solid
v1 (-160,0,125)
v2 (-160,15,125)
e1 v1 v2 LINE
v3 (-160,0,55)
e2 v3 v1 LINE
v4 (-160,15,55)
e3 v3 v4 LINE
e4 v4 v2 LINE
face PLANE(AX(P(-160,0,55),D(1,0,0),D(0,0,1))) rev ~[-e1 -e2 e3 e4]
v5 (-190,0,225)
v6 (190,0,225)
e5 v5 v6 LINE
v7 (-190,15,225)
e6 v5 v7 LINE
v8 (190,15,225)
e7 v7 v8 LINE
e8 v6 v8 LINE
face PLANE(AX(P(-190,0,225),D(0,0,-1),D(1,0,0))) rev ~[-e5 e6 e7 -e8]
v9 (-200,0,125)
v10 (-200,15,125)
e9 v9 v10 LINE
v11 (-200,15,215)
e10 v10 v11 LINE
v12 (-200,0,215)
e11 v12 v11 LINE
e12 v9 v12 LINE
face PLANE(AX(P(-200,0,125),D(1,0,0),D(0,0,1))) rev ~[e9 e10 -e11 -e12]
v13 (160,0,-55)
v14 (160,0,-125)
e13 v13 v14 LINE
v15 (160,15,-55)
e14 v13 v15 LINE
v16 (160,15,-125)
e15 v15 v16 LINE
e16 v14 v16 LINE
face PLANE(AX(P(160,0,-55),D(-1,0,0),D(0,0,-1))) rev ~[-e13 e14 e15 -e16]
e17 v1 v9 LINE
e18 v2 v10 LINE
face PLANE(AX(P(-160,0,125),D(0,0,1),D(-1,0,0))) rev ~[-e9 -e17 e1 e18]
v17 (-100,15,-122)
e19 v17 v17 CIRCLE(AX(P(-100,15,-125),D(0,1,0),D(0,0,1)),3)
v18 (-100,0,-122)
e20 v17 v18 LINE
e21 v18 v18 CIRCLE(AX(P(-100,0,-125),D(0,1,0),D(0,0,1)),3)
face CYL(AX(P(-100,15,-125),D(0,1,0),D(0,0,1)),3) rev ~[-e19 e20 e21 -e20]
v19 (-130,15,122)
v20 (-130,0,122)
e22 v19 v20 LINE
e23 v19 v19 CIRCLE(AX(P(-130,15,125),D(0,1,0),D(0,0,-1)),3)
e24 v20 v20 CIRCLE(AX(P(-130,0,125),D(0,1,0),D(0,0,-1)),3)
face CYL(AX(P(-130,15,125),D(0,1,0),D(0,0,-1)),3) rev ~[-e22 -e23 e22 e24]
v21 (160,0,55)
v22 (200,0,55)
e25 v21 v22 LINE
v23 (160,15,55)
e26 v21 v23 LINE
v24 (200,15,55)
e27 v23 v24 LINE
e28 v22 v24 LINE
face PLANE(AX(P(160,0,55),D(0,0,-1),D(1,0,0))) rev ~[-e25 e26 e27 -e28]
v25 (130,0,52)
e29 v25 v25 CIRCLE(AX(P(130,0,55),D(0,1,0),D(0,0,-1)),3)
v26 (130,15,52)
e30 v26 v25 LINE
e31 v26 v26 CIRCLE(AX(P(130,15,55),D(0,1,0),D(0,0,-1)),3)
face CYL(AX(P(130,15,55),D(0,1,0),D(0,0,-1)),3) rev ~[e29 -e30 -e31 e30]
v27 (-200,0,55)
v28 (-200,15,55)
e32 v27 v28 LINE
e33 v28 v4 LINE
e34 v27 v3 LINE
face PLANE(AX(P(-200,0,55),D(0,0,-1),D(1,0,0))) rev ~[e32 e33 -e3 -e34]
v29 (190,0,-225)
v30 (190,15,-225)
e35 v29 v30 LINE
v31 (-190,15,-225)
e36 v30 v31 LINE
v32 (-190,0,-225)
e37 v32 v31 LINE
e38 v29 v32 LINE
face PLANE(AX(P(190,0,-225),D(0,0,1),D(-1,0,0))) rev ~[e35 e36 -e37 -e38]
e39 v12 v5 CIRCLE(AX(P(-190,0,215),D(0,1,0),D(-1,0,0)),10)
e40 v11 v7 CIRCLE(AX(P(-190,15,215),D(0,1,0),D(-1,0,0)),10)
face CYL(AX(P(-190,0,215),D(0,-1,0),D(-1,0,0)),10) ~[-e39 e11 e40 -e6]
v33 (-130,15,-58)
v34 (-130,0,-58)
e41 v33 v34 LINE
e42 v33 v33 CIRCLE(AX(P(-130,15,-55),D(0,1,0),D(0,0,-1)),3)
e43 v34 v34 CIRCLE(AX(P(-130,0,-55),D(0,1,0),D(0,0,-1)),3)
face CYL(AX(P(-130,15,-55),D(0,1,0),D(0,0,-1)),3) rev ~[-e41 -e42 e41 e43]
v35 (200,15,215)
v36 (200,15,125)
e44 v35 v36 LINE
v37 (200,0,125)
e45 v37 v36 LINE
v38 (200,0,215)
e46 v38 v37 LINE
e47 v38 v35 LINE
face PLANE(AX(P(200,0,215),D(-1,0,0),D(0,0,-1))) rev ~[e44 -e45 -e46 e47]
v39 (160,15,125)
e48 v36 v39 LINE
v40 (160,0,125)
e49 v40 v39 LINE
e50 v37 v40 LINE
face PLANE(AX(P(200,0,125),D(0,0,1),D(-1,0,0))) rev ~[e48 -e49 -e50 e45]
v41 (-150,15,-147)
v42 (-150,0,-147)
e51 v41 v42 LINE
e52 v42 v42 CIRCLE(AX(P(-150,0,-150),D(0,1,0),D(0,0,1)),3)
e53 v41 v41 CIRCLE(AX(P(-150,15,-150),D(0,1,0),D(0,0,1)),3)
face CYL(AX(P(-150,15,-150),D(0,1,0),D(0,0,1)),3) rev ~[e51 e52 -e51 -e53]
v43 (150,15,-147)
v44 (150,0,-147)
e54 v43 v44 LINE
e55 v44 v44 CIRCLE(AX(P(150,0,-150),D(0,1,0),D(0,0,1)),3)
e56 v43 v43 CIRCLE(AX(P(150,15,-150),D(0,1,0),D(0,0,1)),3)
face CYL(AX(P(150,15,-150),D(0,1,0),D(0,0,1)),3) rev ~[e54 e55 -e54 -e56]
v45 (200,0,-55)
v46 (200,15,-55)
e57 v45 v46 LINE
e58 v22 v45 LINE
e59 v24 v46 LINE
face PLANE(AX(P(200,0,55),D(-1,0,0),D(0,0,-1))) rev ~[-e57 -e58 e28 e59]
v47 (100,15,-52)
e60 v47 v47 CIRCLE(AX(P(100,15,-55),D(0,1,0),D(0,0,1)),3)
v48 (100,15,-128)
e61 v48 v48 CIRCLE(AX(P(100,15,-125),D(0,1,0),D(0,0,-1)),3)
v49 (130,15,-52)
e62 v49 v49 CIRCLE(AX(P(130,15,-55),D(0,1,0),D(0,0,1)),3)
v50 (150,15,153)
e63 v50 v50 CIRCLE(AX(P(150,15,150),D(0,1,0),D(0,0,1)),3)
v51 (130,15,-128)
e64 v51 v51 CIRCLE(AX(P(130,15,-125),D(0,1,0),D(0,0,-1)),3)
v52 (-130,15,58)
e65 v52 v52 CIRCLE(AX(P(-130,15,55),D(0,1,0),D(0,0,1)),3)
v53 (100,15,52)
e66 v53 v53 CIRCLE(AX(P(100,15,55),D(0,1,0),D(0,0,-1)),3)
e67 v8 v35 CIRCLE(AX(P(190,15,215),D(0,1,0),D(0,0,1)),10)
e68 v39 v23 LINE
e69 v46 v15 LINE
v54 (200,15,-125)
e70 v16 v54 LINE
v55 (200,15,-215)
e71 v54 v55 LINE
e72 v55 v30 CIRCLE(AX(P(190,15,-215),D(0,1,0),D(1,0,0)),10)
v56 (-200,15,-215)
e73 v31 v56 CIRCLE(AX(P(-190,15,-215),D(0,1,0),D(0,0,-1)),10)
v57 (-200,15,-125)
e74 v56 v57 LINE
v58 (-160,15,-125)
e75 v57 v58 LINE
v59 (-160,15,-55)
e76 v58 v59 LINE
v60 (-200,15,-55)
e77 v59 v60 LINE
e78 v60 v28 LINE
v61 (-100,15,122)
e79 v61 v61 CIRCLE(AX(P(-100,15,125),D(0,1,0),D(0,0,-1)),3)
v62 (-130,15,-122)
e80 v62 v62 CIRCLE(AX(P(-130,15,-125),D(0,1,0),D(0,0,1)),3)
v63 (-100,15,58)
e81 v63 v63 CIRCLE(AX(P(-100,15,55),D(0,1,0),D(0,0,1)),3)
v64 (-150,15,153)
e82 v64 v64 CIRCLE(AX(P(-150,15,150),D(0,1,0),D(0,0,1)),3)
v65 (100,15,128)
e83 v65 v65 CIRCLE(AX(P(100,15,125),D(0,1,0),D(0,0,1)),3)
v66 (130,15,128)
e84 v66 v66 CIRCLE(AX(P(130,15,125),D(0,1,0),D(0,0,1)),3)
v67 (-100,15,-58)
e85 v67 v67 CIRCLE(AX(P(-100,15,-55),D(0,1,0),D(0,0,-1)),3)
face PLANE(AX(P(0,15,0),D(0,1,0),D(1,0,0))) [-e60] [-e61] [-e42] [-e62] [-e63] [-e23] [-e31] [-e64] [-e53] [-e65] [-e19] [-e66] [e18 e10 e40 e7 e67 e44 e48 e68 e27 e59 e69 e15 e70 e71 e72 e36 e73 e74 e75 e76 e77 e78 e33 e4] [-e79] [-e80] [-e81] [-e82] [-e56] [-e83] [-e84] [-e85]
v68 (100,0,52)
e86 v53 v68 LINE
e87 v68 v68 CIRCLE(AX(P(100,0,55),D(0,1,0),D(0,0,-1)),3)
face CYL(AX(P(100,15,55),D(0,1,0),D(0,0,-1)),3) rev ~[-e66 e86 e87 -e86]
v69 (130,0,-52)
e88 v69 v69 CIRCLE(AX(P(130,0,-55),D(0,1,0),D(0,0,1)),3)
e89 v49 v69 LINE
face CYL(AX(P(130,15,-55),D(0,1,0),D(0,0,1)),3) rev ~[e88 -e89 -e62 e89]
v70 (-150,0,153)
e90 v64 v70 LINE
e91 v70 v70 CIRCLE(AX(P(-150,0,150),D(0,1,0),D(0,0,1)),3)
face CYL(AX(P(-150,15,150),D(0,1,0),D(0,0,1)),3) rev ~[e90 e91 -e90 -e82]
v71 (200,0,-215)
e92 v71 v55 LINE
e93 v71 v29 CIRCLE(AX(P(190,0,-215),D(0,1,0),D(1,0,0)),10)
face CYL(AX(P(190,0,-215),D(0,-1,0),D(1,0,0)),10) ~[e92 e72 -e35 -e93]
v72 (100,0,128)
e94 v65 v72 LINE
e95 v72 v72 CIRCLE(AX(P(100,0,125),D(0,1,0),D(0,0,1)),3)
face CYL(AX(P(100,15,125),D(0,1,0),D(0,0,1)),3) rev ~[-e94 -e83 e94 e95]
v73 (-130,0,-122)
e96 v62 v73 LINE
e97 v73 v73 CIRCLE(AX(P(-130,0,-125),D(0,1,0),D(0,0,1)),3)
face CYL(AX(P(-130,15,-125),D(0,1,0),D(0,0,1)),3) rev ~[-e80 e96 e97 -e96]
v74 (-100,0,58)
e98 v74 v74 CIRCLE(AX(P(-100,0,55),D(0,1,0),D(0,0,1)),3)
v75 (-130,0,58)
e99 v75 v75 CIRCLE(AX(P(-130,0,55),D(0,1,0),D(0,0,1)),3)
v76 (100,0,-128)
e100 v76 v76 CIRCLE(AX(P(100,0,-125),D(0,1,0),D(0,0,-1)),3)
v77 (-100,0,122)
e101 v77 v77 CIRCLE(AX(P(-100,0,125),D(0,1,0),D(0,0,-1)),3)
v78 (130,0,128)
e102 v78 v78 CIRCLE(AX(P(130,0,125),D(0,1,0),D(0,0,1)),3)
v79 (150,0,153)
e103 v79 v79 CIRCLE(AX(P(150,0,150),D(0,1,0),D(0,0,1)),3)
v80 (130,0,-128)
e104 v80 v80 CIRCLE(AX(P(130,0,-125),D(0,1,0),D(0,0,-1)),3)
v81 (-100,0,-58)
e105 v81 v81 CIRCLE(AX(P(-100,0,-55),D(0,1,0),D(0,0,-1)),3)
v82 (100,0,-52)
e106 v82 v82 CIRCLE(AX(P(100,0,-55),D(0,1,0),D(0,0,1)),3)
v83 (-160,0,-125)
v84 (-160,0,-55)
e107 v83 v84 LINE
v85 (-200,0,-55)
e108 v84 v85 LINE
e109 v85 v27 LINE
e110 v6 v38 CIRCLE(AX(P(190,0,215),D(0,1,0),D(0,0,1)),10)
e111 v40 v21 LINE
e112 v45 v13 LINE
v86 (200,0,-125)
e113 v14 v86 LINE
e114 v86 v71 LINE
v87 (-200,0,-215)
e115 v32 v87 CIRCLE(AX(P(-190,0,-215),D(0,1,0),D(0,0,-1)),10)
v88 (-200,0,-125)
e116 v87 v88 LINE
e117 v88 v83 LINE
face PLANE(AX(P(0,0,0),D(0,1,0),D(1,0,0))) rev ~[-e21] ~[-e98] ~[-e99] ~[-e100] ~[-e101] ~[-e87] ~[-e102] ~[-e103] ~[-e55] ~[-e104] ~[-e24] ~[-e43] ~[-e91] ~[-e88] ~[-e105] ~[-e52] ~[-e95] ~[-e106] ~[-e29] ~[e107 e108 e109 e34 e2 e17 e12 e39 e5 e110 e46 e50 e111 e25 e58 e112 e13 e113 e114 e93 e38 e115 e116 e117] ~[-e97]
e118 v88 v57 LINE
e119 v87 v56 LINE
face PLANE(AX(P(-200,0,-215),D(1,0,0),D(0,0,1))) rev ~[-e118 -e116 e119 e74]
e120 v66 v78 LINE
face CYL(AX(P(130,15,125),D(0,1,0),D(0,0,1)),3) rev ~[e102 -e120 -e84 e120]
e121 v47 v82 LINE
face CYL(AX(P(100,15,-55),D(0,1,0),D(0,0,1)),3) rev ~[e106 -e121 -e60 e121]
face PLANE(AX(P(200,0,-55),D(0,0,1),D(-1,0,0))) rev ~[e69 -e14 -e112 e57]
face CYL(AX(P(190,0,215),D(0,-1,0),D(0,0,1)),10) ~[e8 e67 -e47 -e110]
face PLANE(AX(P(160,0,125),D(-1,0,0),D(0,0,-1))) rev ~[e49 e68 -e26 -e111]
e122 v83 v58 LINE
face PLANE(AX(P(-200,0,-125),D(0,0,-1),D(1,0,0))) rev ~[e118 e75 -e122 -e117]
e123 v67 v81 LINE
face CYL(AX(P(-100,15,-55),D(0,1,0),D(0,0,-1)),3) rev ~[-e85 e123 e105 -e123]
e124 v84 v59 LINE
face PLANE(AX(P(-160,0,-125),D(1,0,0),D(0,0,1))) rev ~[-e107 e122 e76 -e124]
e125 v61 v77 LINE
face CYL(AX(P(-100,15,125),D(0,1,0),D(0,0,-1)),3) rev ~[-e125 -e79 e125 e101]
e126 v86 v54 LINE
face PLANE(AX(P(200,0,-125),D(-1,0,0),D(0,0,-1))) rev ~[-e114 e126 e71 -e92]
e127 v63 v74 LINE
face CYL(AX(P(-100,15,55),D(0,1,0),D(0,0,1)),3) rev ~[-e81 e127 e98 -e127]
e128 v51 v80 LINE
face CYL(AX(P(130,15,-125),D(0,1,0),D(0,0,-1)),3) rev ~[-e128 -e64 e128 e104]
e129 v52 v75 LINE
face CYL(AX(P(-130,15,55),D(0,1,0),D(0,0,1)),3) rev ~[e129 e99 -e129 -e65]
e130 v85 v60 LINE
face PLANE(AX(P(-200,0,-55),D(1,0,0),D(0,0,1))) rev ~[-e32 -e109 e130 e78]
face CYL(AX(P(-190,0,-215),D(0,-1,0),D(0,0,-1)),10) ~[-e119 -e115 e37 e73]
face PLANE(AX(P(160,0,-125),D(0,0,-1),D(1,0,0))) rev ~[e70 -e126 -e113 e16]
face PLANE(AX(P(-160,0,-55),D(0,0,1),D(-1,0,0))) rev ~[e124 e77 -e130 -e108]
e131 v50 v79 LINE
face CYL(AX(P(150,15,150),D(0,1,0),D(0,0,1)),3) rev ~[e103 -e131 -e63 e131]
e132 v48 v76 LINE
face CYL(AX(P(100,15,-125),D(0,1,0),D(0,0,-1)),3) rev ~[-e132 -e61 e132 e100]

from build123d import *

# Parameters (mm, degrees)
EXTRUDE_1_DEPTH     = 15
SKETCH_3_R          = 3
CUT_EXTRUDE_1_DEPTH = 15


with BuildPart() as part:
    # 草圖1 → 填料-伸長1 (new body)
    with BuildSketch(Plane(origin=(0, 0, 0), x_dir=(1, 0, 0), z_dir=(0, 1, 0))):
        with BuildLine():
            Line((-200, 55), (-200, -55))
            Line((-200, -55), (-160, -55))
            Line((-160, -55), (-160, -125))
            Line((-160, -125), (-200, -125))
            Line((-200, -125), (-200, -215))
            ThreePointArc((-200, -215), (-197.071067812, -222.071067812), (-190, -225))
            Line((-190, -225), (190, -225))
            ThreePointArc((190, -225), (197.071067812, -222.071067812), (200, -215))
            Line((200, -215), (200, -125))
            Line((200, -125), (160, -125))
            Line((160, -125), (160, -55))
            Line((160, -55), (200, -55))
            Line((200, -55), (200, 55))
            Line((200, 55), (160, 55))
            Line((160, 55), (160, 125))
            Line((160, 125), (200, 125))
            Line((200, 125), (200, 215))
            ThreePointArc((200, 215), (197.071067812, 222.071067812), (190, 225))
            Line((190, 225), (-190, 225))
            ThreePointArc((-190, 225), (-197.071067812, 222.071067812), (-200, 215))
            Line((-200, 215), (-200, 125))
            Line((-200, 125), (-160, 125))
            Line((-160, 125), (-160, 55))
            Line((-160, 55), (-200, 55))
        make_face()
    extrude(amount=EXTRUDE_1_DEPTH)

    # 草圖3 → 除料-伸長1 (cut)
    with BuildSketch(Plane(origin=(0, 15, 0), x_dir=(1, 0, 0), z_dir=(0, 1, 0))):
        with Locations(Location((-130, 125, 0), (0, 0, 270))):
            Circle(SKETCH_3_R)
        with Locations(Location((-100, 125, 0), (0, 0, 270))):
            Circle(SKETCH_3_R)
        with Locations(Location((-100, 55, 0), (0, 0, 90))):
            Circle(SKETCH_3_R)
        with Locations(Location((-130, 55, 0), (0, 0, 90))):
            Circle(SKETCH_3_R)
        with Locations(Location((100, 55, 0), (0, 0, 270))):
            Circle(SKETCH_3_R)
        with Locations(Location((130, 55, 0), (0, 0, 270))):
            Circle(SKETCH_3_R)
        with Locations(Location((100, 125, 0), (0, 0, 90))):
            Circle(SKETCH_3_R)
        with Locations(Location((130, 125, 0), (0, 0, 90))):
            Circle(SKETCH_3_R)
        with Locations(Location((100, -125, 0), (0, 0, 270))):
            Circle(SKETCH_3_R)
        with Locations(Location((130, -125, 0), (0, 0, 270))):
            Circle(SKETCH_3_R)
        with Locations(Location((130, -55, 0), (0, 0, 90))):
            Circle(SKETCH_3_R)
        with Locations(Location((100, -55, 0), (0, 0, 90))):
            Circle(SKETCH_3_R)
        with Locations(Location((-100, -55, 0), (0, 0, 270))):
            Circle(SKETCH_3_R)
        with Locations(Location((-130, -55, 0), (0, 0, 270))):
            Circle(SKETCH_3_R)
        with Locations(Location((-100, -125, 0), (0, 0, 90))):
            Circle(SKETCH_3_R)
        with Locations(Location((-130, -125, 0), (0, 0, 90))):
            Circle(SKETCH_3_R)
        with Locations(Location((-150, -150, 0), (0, 0, 270))):
            Circle(SKETCH_3_R)
        with Locations(Location((150, -150, 0), (0, 0, 270))):
            Circle(SKETCH_3_R)
        with Locations(Location((150, 150, 0), (0, 0, 270))):
            Circle(SKETCH_3_R)
        with Locations(Location((-150, 150, 0), (0, 0, 270))):
            Circle(SKETCH_3_R)
    extrude(amount=-CUT_EXTRUDE_1_DEPTH, mode=Mode.SUBTRACT)


solid = part.part
